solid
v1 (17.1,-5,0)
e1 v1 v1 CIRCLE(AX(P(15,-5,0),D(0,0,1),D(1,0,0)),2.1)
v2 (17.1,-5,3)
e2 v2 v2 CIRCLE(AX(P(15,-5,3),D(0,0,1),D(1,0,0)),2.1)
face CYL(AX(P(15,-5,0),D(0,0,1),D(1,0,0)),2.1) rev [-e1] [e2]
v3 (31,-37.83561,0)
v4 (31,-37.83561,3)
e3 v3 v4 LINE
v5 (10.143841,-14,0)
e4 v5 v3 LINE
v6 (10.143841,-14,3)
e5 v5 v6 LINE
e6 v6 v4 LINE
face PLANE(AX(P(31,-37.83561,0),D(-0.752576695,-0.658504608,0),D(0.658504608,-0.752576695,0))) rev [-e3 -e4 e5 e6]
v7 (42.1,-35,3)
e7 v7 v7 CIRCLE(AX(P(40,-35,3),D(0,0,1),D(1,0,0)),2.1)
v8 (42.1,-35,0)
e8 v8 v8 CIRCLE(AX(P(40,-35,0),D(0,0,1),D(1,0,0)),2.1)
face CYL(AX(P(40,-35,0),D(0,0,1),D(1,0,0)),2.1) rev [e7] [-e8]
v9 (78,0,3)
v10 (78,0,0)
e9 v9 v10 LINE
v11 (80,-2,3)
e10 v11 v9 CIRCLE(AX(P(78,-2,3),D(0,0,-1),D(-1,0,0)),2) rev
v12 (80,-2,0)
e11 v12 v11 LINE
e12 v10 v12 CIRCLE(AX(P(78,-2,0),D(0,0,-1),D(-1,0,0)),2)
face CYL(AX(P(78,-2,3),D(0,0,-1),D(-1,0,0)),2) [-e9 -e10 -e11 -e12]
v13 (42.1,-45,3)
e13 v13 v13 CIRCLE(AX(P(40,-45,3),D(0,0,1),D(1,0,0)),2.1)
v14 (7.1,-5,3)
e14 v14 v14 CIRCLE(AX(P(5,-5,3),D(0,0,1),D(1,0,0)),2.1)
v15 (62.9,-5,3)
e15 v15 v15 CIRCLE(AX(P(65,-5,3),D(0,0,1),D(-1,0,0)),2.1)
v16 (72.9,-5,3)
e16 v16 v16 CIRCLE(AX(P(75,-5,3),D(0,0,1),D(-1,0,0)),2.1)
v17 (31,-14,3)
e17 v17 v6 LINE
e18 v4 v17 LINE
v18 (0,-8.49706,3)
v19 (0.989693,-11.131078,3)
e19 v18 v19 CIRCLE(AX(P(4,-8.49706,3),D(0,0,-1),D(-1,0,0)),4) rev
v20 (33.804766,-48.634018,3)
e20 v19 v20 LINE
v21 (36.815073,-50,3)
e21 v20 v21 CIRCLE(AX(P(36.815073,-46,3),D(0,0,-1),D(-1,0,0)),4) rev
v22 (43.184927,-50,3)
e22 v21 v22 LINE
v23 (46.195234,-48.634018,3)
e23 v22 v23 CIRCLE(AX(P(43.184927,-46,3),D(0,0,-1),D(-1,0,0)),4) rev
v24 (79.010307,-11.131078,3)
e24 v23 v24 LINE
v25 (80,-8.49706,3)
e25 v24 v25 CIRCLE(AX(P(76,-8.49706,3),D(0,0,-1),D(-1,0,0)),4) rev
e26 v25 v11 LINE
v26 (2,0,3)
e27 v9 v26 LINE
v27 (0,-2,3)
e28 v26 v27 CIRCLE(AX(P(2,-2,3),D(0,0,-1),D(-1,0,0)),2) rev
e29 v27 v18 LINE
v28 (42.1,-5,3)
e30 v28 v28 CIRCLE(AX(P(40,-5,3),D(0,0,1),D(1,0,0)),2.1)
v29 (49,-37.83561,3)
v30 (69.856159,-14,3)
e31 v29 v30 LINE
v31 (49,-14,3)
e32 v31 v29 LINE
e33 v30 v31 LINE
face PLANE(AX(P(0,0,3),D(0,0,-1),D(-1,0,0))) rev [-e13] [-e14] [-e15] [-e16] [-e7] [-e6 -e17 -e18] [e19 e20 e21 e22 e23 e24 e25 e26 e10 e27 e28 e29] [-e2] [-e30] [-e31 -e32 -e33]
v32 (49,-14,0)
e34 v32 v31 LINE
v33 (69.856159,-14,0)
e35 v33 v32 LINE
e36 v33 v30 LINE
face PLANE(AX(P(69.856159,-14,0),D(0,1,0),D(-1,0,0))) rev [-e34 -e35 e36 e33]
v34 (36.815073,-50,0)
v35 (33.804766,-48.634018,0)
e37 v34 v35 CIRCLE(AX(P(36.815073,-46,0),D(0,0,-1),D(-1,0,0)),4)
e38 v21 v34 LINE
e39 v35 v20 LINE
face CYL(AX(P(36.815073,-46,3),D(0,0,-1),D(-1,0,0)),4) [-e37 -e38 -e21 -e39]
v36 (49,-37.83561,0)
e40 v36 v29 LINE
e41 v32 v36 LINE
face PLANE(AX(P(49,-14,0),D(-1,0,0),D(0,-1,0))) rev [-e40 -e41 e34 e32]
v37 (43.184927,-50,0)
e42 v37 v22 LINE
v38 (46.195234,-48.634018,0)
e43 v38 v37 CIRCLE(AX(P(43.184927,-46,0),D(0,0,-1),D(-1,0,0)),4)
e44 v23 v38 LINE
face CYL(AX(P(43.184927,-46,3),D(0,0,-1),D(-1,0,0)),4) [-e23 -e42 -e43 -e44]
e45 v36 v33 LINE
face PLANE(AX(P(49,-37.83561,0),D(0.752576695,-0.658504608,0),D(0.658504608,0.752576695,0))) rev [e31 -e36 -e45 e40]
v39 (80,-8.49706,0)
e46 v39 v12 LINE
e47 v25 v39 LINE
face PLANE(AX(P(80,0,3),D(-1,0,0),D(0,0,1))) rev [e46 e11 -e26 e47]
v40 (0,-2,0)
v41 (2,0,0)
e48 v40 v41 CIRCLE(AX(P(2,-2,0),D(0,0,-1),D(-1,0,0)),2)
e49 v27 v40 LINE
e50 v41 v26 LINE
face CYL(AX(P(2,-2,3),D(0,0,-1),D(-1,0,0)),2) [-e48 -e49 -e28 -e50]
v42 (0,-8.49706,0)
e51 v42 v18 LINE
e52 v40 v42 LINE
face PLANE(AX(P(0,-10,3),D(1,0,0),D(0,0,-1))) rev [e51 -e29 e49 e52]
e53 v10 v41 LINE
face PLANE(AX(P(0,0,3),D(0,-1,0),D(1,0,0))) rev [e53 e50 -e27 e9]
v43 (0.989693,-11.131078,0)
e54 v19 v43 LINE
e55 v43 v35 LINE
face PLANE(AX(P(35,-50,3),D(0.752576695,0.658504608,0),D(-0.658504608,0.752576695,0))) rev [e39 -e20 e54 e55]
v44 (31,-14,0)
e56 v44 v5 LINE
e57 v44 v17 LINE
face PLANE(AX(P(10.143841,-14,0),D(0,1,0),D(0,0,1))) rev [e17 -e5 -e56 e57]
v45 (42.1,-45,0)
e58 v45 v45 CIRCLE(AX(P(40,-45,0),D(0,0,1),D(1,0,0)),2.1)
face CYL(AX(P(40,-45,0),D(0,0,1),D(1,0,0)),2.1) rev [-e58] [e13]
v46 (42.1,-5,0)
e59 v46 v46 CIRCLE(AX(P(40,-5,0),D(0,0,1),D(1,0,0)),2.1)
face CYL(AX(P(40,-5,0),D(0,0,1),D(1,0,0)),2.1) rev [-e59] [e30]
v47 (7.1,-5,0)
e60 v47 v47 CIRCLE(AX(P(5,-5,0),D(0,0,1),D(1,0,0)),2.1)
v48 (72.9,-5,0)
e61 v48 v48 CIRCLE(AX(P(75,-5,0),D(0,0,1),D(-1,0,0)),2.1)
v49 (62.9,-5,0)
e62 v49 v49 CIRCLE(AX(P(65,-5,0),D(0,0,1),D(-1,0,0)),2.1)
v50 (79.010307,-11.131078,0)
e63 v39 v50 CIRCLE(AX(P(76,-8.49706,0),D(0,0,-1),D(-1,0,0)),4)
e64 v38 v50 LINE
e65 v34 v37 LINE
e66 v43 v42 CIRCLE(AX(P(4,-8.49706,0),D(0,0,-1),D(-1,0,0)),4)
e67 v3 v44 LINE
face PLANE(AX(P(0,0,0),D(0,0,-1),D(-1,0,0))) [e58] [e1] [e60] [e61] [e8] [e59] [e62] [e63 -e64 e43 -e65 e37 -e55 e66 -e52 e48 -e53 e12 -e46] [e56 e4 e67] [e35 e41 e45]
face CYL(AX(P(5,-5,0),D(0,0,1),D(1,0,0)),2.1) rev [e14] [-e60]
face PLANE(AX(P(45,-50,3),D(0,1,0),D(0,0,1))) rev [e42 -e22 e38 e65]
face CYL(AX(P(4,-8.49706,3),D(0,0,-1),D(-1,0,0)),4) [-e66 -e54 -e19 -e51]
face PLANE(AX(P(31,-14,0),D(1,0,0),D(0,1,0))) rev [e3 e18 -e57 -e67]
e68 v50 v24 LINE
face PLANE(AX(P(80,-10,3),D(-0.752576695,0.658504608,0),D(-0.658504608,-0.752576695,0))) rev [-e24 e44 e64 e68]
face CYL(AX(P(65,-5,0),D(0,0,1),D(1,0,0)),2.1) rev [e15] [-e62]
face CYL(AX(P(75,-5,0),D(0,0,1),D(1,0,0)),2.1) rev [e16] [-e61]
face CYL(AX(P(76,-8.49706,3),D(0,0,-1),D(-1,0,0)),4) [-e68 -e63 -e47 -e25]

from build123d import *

# Parameters (mm, degrees)
EXTRUDE_1_DEPTH     = 3
SKETCH_2_R          = 2.1
CUT_EXTRUDE_1_DEPTH = 95.387499172
CUT_EXTRUDE_2_DEPTH = 95.387499172
FILLET_1_R          = 2
FILLET_2_R          = 4


with BuildPart() as part:
    # 草图1 → 凸台-拉伸1 (new body)
    with BuildSketch(Plane.XY):
        Polygon((0, 0), (80, 0), (80, -10), (45, -50), (35, -50), (0, -10), align=None)
    extrude(amount=EXTRUDE_1_DEPTH)

    # 草图2 → 切除-拉伸1 (cut, through all)
    with BuildSketch(Plane.XY.offset(3)):
        with Locations((5, -5)):
            Circle(SKETCH_2_R)
        with Locations((15, -5)):
            Circle(SKETCH_2_R)
        with Locations(Location((65, -5, 0), (0, 0, 180))):
            Circle(SKETCH_2_R)
        with Locations(Location((75, -5, 0), (0, 0, 180))):
            Circle(SKETCH_2_R)
        with Locations((40, -45)):
            Circle(SKETCH_2_R)
        with Locations((40, -35)):
            Circle(SKETCH_2_R)
        with Locations((40, -5)):
            Circle(SKETCH_2_R)
    extrude(amount=-CUT_EXTRUDE_1_DEPTH, mode=Mode.SUBTRACT)

    # 草图3 → 切除-拉伸2 (cut, through all)
    with BuildSketch(Plane.XY.offset(3)):
        Polygon((10.143841133, -14), (31, -14), (31, -37.835610134), align=None)
        Polygon((49, -37.835610134), (69.856158867, -14), (49, -14), align=None)
    extrude(amount=-CUT_EXTRUDE_2_DEPTH, mode=Mode.SUBTRACT)

    # 圆角1
    fillet_1_edges = [part.edges().sort_by_distance(p)[0] for p in [
        (0, 0, 1.5),
        (80, 0, 1.5),
    ]]
    fillet(fillet_1_edges, radius=FILLET_1_R)

    # 圆角2
    fillet_2_edges = [part.edges().sort_by_distance(p)[0] for p in [
        (80, -10, 1.5),
        (45, -50, 1.5),
        (35, -50, 1.5),
        (0, -10, 1.5),
    ]]
    fillet(fillet_2_edges, radius=FILLET_2_R)


solid = part.part
